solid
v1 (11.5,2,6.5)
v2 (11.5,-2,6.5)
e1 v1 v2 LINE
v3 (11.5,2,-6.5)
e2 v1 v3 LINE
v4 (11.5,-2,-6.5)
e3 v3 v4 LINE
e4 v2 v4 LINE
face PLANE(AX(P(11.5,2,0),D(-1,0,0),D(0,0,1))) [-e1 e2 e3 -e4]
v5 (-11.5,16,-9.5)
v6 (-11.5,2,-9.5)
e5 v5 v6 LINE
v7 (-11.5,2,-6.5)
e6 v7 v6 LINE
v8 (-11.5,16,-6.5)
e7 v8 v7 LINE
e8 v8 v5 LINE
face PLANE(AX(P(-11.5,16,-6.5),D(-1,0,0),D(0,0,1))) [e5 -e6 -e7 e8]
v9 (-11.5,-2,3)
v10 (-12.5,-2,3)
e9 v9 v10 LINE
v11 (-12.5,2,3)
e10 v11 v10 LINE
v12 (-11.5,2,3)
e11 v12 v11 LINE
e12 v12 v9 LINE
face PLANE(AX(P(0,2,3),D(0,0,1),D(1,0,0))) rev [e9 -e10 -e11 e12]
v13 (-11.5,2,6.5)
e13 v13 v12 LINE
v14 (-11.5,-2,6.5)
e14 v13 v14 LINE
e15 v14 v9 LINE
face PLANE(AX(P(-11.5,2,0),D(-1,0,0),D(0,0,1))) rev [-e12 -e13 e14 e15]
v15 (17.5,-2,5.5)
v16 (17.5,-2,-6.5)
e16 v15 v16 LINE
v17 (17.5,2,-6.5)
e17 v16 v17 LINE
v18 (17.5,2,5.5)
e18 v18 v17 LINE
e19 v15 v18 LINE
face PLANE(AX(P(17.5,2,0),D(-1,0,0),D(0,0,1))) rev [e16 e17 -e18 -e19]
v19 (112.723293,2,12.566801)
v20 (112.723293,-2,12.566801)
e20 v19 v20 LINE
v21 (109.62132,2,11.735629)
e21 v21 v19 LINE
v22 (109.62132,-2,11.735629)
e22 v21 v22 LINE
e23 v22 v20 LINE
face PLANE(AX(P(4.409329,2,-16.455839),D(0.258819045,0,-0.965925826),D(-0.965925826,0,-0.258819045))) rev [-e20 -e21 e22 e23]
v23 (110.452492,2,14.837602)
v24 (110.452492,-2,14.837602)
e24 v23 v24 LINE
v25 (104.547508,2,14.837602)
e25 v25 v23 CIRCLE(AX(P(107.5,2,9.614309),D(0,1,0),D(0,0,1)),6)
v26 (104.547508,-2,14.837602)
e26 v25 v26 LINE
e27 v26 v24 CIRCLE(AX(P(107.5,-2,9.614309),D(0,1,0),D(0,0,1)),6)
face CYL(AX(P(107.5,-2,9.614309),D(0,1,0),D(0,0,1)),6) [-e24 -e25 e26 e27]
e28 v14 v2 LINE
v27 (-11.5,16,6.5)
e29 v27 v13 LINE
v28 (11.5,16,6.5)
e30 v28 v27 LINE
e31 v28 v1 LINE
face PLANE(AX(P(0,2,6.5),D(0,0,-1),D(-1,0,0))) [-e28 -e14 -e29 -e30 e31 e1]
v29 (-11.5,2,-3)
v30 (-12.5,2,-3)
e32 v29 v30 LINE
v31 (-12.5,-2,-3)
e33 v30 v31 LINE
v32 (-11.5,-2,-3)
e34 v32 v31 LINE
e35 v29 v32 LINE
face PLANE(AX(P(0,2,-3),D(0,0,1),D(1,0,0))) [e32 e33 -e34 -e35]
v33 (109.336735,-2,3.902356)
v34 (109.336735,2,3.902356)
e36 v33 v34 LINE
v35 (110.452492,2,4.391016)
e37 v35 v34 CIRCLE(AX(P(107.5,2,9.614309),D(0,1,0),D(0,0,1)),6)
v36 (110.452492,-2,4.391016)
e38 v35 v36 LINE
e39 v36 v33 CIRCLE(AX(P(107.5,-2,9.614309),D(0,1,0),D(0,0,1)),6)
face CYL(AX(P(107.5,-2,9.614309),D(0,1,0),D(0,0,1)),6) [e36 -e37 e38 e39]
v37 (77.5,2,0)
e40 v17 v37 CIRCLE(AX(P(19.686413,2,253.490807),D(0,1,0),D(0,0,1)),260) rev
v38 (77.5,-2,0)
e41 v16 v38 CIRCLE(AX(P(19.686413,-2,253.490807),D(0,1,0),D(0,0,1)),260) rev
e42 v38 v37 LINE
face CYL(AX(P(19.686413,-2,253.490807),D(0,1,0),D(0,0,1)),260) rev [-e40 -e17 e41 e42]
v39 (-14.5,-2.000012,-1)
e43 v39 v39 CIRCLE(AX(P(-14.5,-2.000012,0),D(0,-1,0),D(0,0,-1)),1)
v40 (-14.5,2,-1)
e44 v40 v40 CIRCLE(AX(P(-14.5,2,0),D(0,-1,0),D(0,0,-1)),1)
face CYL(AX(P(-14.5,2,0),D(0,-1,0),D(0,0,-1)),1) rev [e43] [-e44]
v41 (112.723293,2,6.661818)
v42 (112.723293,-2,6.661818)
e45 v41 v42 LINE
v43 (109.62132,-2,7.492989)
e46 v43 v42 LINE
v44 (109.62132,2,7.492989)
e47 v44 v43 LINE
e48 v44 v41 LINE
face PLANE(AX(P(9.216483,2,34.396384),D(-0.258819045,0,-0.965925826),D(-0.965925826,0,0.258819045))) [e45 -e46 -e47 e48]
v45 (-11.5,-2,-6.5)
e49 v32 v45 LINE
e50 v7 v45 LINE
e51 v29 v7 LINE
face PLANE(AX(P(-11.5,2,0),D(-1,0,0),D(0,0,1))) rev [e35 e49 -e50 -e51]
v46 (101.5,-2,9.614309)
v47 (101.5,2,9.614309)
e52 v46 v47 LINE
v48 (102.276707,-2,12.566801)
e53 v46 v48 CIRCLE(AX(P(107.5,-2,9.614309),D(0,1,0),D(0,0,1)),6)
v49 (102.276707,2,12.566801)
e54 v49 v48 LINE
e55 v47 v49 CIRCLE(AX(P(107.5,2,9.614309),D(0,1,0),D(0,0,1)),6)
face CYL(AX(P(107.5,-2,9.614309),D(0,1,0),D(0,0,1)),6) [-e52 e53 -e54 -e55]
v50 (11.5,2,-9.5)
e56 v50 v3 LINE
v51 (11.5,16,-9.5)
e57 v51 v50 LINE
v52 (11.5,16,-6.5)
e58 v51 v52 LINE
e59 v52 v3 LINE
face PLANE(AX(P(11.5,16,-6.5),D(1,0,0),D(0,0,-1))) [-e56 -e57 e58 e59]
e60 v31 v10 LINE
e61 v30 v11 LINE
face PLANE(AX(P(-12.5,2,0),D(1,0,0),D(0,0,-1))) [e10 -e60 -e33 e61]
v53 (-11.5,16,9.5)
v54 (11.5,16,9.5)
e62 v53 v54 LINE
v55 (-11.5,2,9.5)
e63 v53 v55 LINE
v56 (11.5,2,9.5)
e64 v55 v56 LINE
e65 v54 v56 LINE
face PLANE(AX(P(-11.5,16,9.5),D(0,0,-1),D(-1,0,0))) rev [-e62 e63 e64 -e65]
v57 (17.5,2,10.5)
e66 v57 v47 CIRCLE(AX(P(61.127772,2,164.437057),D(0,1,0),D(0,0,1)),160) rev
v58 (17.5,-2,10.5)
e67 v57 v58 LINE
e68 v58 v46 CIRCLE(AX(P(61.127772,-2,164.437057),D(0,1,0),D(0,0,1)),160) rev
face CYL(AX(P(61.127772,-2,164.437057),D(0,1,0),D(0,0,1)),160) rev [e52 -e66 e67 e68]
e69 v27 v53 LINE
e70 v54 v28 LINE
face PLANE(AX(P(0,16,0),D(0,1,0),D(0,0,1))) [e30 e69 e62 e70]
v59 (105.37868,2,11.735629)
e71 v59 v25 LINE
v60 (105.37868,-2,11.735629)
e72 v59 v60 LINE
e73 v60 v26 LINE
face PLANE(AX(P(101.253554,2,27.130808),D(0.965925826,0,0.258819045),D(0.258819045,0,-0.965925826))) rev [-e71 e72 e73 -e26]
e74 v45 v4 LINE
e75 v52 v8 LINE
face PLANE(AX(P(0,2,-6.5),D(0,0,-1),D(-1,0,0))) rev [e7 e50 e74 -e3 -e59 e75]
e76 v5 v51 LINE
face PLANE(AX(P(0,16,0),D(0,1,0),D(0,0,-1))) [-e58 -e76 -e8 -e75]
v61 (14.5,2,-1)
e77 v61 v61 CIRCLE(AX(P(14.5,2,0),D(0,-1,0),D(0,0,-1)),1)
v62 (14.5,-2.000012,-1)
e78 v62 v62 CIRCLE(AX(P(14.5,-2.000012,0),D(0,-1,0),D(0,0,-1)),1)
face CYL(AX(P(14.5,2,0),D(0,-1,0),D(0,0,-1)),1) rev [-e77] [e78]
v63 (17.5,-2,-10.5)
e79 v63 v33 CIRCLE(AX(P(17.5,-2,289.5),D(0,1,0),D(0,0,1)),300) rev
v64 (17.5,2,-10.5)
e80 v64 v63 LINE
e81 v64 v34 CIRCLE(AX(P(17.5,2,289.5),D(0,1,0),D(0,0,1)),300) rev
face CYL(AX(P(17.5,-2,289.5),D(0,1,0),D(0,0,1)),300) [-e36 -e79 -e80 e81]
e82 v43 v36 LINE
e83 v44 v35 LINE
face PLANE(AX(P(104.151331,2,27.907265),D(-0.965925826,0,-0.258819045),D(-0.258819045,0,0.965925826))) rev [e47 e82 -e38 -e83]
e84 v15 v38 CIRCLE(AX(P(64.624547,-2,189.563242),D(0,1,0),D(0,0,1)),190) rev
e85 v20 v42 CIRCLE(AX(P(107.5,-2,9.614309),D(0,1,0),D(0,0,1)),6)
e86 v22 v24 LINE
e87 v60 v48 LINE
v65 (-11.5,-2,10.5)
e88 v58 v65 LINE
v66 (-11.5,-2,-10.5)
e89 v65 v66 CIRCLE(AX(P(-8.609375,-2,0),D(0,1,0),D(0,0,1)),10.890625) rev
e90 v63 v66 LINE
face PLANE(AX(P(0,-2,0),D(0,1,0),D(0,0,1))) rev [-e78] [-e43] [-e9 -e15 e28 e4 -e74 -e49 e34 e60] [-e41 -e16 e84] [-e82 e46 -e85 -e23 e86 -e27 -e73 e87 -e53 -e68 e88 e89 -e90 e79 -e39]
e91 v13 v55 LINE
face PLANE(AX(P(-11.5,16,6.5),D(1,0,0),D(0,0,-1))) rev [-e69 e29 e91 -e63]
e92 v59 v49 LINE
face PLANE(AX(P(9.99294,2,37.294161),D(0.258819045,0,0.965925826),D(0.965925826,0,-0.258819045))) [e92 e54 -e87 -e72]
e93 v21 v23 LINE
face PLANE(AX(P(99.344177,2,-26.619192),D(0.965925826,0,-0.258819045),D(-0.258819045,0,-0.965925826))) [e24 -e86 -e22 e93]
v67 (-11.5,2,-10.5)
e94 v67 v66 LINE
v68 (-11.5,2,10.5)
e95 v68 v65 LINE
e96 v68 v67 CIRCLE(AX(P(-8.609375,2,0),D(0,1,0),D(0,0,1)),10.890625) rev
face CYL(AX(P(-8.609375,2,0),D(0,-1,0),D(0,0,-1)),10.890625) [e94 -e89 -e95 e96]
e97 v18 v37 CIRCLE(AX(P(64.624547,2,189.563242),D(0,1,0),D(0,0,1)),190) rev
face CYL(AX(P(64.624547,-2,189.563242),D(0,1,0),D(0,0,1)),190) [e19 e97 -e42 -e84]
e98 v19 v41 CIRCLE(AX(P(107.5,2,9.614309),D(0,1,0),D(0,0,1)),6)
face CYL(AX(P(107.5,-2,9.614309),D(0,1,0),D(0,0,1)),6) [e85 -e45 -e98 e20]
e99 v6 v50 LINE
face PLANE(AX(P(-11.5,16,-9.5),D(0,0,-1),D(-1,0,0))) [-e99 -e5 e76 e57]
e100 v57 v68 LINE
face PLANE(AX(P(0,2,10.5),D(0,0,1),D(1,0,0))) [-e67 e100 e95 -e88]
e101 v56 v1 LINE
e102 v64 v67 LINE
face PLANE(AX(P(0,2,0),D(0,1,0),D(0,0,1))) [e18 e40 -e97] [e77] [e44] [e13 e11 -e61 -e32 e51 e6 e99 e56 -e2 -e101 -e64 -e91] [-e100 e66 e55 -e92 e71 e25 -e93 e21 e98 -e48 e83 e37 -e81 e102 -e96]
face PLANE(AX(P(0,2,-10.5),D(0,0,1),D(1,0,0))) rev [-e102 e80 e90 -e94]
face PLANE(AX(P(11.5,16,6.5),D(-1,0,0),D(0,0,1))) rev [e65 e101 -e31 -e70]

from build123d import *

# Parameters (mm, degrees)
EXTRUDE_1_DEPTH          = 2
EXTRUDE_2_DEPTH          = 4
CUT_EXTRUDE_1_DEPTH      = 115.638809515
CUT_EXTRUDE_1_DEPTH_BACK = 115.638809515
CUT_EXTRUDE_2_DEPTH      = 115.638809515
CUT_EXTRUDE_2_DEPTH_BACK = 115.638809515
SKETCH_5_R               = 1
SKETCH_6_W               = 23
SKETCH_6_H               = 3
EXTRUDE_3_DEPTH          = 14


with BuildPart() as part:
    # 草图1 → 凸台-拉伸1 (new, symmetric)
    with BuildSketch(Plane(origin=(0, 0, 0), x_dir=(1, 0, 0), z_dir=(0, 1, 0))):
        with BuildLine():
            Line((-11.5, -10.5), (17.5, -10.5))
            Line((17.5, -10.5), (17.5, 10.5))
            Line((17.5, 10.5), (-11.5, 10.5))
            ThreePointArc((-11.5, 10.5), (-19.5, 0), (-11.5, -10.5))
        make_face()
        Polygon((11.5, -6.5), (-11.5, -6.5), (-11.5, -3), (-12.5, -3), (-12.5, 3), (-11.5, 3), (-11.5, 6.5), (11.5, 6.5), align=None, mode=Mode.SUBTRACT)
    extrude(amount=EXTRUDE_1_DEPTH, both=True)

    # 草图2 → 凸台-拉伸2 (add)
    with BuildSketch(Plane(origin=(0, 2, 0), x_dir=(1, 0, 0), z_dir=(0, 1, 0))):
        with BuildLine():
            Line((17.5, -5.5), (17.5, -10.5))
            ThreePointArc((17.5, -10.5), (59.440835798, -4.44595009), (101.5, -9.614309047))
            ThreePointArc((101.5, -9.614309047), (111.034090536, -14.463041261), (109.336734694, -3.902356171))
            ThreePointArc((109.336734694, -3.902356171), (63.979602253, 6.877540604), (17.5, 10.5))
            Line((17.5, 10.5), (17.5, 6.5))
            ThreePointArc((17.5, 6.5), (47.689236459, 4.99679808), (77.5, 0))
            ThreePointArc((77.5, 0), (47.280596762, -0.356510126), (17.5, -5.5))
        make_face()
    extrude(amount=-EXTRUDE_2_DEPTH)

    # 草图4 → 切除-拉伸1 (cut, two sides: drawn at the far end of the back side and taken through both)
    with BuildSketch(Plane.XZ.offset(2).offset(-CUT_EXTRUDE_1_DEPTH_BACK)):
        with BuildLine():
            Line((102.276706609, 12.566800564), (105.378679656, 11.735629391))
            Line((105.378679656, 11.735629391), (104.547508484, 14.837602438))
            ThreePointArc((104.547508484, 14.837602438), (103.257359313, 13.856949735), (102.276706609, 12.566800564))
        make_face()
        with BuildLine():
            Line((110.452491516, 14.837602438), (109.621320344, 11.735629391))
            Line((109.621320344, 11.735629391), (112.723293391, 12.566800564))
            ThreePointArc((112.723293391, 12.566800564), (111.742640687, 13.856949735), (110.452491516, 14.837602438))
        make_face()
        with BuildLine():
            Line((112.723293391, 6.661817531), (109.621320344, 7.492988704))
            Line((109.621320344, 7.492988704), (110.452491516, 4.391015657))
            ThreePointArc((110.452491516, 4.391015657), (111.742640687, 5.37166836), (112.723293391, 6.661817531))
        make_face()
    extrude(amount=CUT_EXTRUDE_1_DEPTH + CUT_EXTRUDE_1_DEPTH_BACK, mode=Mode.SUBTRACT)

    # 草图5 → 切除-拉伸2 (cut, two sides: drawn at the far end of the back side and taken through both)
    with BuildSketch(Plane.XZ.offset(2).offset(-CUT_EXTRUDE_2_DEPTH_BACK)):
        with Locations(Location((14.5, 0, 0), (0, 0, 270))):
            Circle(SKETCH_5_R)
        with Locations(Location((-14.5, 0, 0), (0, 0, 270))):
            Circle(SKETCH_5_R)
    extrude(amount=CUT_EXTRUDE_2_DEPTH + CUT_EXTRUDE_2_DEPTH_BACK, mode=Mode.SUBTRACT)

    # 草图6 → 凸台-拉伸3 (add)
    with BuildSketch(Plane(origin=(0, 2, 0), x_dir=(1, 0, 0), z_dir=(0, 1, 0))):
        with Locations((0, -8)):
            Rectangle(SKETCH_6_W, SKETCH_6_H)
    extrude_3 = extrude(amount=EXTRUDE_3_DEPTH)

    # 镜向1: 凸台-拉伸3 across plane
    add(extrude_3.mirror(Plane.XY))


solid = part.part
